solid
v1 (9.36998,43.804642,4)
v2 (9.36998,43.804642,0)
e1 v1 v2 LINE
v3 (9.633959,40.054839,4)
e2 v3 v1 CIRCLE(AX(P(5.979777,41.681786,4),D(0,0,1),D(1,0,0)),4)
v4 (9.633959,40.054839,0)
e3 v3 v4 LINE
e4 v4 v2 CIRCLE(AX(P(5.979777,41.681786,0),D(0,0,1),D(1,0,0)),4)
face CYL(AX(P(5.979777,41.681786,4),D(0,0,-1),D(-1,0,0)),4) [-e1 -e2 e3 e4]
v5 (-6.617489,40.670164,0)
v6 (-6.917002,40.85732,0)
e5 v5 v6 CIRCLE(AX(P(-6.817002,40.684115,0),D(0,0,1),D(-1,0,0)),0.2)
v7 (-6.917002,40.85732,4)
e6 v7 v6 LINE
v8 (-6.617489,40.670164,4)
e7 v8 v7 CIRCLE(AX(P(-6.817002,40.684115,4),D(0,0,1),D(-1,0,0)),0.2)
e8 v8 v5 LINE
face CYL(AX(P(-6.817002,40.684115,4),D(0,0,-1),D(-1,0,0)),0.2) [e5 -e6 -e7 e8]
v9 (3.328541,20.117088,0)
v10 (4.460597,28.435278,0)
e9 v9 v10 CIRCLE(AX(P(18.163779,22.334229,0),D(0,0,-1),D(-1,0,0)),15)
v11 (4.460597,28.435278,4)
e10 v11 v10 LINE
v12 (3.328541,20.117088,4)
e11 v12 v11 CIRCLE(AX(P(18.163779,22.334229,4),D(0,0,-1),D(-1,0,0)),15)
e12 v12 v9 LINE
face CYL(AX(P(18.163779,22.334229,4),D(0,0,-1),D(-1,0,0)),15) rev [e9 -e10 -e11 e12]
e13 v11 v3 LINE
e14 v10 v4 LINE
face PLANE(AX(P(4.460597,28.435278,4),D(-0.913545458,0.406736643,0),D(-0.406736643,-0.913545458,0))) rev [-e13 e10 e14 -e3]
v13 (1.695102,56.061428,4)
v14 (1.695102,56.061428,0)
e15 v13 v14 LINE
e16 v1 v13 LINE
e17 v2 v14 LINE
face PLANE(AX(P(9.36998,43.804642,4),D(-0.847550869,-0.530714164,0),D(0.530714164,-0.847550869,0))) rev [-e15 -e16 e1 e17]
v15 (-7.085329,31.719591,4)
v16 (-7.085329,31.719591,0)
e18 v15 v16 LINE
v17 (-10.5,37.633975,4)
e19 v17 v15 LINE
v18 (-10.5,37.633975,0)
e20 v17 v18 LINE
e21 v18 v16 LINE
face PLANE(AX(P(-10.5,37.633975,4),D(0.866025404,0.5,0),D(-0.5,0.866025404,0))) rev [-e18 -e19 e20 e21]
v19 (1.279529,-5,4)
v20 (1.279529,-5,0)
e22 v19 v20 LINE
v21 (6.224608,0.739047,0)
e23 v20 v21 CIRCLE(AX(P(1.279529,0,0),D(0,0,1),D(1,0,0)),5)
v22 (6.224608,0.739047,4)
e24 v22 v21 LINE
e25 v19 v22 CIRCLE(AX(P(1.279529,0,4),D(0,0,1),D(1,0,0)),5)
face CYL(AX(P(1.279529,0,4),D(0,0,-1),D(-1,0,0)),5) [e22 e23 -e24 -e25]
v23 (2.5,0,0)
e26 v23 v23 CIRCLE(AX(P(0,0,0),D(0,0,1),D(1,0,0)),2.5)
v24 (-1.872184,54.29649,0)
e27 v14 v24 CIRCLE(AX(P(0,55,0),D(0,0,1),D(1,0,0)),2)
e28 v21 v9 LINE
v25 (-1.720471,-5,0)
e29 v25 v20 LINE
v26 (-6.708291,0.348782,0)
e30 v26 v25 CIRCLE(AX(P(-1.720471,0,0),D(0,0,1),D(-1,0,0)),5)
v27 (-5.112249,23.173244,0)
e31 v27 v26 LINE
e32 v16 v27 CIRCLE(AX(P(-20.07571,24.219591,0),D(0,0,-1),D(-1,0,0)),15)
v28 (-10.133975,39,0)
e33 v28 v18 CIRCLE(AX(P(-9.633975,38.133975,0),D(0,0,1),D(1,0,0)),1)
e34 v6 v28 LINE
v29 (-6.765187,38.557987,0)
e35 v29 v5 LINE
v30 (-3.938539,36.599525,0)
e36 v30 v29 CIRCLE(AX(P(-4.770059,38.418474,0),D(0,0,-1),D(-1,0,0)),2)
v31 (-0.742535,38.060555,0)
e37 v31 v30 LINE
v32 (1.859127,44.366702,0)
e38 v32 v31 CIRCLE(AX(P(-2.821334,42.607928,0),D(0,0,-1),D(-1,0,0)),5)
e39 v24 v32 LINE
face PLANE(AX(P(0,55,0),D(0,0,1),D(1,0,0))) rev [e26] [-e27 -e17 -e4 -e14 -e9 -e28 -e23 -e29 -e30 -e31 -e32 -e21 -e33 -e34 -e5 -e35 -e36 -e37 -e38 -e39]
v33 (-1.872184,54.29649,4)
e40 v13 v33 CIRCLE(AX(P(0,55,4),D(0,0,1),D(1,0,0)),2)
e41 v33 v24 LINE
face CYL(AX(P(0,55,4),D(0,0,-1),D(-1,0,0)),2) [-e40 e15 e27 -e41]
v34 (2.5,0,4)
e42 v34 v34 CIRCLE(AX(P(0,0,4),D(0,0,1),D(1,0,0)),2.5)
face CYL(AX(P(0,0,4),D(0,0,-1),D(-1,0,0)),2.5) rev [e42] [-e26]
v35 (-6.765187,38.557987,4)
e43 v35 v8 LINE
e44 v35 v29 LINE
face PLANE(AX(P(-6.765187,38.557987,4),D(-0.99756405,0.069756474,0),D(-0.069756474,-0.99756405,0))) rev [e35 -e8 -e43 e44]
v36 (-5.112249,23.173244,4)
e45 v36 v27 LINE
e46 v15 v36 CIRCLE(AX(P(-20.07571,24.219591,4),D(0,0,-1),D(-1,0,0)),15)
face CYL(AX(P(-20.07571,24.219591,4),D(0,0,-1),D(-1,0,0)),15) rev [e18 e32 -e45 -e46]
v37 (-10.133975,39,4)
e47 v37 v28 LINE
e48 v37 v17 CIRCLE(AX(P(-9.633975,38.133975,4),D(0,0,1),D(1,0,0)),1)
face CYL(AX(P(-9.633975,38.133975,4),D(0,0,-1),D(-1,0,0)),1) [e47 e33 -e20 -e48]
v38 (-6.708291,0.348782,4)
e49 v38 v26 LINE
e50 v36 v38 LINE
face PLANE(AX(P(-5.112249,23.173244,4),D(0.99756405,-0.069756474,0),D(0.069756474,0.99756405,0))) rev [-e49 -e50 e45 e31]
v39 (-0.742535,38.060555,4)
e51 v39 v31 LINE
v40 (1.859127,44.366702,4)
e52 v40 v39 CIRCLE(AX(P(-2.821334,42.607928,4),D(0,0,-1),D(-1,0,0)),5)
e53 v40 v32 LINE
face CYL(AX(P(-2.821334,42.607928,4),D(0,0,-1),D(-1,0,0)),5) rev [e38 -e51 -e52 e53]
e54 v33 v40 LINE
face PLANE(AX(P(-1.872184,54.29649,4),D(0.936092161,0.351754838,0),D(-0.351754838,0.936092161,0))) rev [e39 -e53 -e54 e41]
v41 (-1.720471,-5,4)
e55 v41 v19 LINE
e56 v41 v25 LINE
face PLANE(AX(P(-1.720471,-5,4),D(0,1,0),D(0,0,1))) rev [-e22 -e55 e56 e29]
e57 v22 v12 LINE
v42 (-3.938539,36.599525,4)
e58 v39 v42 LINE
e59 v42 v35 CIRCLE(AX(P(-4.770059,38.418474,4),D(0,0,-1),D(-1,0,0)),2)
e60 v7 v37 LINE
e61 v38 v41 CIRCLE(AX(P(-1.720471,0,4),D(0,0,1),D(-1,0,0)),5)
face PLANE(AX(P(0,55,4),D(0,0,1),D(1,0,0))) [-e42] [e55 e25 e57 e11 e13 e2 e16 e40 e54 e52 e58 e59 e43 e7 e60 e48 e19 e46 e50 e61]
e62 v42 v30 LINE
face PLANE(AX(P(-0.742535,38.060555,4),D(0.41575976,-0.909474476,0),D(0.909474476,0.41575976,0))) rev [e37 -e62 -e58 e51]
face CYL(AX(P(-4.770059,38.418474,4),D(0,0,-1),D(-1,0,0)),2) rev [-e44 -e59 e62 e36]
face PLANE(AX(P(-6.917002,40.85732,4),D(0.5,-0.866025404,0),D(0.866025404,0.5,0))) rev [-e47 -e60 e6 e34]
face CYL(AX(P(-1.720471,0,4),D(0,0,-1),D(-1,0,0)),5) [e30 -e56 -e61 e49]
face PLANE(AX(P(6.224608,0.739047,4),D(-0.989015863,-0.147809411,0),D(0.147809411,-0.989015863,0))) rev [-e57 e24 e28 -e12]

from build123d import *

# Parameters (mm, degrees)
SKIZZE1_R               = 2.5
LINEAR_AUSTRAGEN1_DEPTH = 4


with BuildPart() as part:
    # Skizze1 → Linear austragen1 (new body)
    with BuildSketch(Plane.XY):
        with BuildLine():
            Line((-1.720471048, -5), (1.279528952, -5))
            ThreePointArc((1.279528952, -5), (5.067353874, -3.263798762), (6.224608269, 0.739047056))
            Line((6.224608269, 0.739047056), (3.328540718, 20.117087516))
            ThreePointArc((3.328540718, 20.117087516), (3.300790208, 24.356992637), (4.460596804, 28.435278329))
            Line((4.460596804, 28.435278329), (9.633958573, 40.054839106))
            ThreePointArc((9.633958573, 40.054839106), (9.969901697, 41.962682181), (9.36998022, 43.804642334))
            Line((9.36998022, 43.804642334), (1.695101739, 56.061428328))
            ThreePointArc((1.695101739, 56.061428328), (-0.886899712, 56.792598366), (-1.872184322, 54.296490325))
            Line((-1.872184322, 54.296490325), (1.85912682, 44.36670191))
            ThreePointArc((1.85912682, 44.36670191), (1.800761722, 40.701037253), (-0.742535185, 38.060555344))
            Line((-0.742535185, 38.060555344), (-3.938539061, 36.599525001))
            ThreePointArc((-3.938539061, 36.599525001), (-5.909088644, 36.774512117), (-6.765186682, 38.5579869))
            Line((-6.765186682, 38.5579869), (-6.617488885, 40.670163795))
            ThreePointArc((-6.617488885, 40.670163795), (-6.711017842, 40.853724709), (-6.917001695, 40.85732017))
            Line((-6.917001695, 40.85732017), (-10.133974596, 39))
            ThreePointArc((-10.133974596, 39), (-10.599900423, 38.392793641), (-10.5, 37.633974596))
            Line((-10.5, 37.633974596), (-7.085329154, 31.719591199))
            ThreePointArc((-7.085329154, 31.719591199), (-5.460159239, 27.593857014), (-5.112249457, 23.173244093))
            Line((-5.112249457, 23.173244093), (-6.708291299, 0.348782369))
            ThreePointArc((-6.708291299, 0.348782369), (-5.377239556, -3.4099918), (-1.720471048, -5))
        make_face()
        Circle(SKIZZE1_R, mode=Mode.SUBTRACT)
    extrude(amount=LINEAR_AUSTRAGEN1_DEPTH)


solid = part.part
